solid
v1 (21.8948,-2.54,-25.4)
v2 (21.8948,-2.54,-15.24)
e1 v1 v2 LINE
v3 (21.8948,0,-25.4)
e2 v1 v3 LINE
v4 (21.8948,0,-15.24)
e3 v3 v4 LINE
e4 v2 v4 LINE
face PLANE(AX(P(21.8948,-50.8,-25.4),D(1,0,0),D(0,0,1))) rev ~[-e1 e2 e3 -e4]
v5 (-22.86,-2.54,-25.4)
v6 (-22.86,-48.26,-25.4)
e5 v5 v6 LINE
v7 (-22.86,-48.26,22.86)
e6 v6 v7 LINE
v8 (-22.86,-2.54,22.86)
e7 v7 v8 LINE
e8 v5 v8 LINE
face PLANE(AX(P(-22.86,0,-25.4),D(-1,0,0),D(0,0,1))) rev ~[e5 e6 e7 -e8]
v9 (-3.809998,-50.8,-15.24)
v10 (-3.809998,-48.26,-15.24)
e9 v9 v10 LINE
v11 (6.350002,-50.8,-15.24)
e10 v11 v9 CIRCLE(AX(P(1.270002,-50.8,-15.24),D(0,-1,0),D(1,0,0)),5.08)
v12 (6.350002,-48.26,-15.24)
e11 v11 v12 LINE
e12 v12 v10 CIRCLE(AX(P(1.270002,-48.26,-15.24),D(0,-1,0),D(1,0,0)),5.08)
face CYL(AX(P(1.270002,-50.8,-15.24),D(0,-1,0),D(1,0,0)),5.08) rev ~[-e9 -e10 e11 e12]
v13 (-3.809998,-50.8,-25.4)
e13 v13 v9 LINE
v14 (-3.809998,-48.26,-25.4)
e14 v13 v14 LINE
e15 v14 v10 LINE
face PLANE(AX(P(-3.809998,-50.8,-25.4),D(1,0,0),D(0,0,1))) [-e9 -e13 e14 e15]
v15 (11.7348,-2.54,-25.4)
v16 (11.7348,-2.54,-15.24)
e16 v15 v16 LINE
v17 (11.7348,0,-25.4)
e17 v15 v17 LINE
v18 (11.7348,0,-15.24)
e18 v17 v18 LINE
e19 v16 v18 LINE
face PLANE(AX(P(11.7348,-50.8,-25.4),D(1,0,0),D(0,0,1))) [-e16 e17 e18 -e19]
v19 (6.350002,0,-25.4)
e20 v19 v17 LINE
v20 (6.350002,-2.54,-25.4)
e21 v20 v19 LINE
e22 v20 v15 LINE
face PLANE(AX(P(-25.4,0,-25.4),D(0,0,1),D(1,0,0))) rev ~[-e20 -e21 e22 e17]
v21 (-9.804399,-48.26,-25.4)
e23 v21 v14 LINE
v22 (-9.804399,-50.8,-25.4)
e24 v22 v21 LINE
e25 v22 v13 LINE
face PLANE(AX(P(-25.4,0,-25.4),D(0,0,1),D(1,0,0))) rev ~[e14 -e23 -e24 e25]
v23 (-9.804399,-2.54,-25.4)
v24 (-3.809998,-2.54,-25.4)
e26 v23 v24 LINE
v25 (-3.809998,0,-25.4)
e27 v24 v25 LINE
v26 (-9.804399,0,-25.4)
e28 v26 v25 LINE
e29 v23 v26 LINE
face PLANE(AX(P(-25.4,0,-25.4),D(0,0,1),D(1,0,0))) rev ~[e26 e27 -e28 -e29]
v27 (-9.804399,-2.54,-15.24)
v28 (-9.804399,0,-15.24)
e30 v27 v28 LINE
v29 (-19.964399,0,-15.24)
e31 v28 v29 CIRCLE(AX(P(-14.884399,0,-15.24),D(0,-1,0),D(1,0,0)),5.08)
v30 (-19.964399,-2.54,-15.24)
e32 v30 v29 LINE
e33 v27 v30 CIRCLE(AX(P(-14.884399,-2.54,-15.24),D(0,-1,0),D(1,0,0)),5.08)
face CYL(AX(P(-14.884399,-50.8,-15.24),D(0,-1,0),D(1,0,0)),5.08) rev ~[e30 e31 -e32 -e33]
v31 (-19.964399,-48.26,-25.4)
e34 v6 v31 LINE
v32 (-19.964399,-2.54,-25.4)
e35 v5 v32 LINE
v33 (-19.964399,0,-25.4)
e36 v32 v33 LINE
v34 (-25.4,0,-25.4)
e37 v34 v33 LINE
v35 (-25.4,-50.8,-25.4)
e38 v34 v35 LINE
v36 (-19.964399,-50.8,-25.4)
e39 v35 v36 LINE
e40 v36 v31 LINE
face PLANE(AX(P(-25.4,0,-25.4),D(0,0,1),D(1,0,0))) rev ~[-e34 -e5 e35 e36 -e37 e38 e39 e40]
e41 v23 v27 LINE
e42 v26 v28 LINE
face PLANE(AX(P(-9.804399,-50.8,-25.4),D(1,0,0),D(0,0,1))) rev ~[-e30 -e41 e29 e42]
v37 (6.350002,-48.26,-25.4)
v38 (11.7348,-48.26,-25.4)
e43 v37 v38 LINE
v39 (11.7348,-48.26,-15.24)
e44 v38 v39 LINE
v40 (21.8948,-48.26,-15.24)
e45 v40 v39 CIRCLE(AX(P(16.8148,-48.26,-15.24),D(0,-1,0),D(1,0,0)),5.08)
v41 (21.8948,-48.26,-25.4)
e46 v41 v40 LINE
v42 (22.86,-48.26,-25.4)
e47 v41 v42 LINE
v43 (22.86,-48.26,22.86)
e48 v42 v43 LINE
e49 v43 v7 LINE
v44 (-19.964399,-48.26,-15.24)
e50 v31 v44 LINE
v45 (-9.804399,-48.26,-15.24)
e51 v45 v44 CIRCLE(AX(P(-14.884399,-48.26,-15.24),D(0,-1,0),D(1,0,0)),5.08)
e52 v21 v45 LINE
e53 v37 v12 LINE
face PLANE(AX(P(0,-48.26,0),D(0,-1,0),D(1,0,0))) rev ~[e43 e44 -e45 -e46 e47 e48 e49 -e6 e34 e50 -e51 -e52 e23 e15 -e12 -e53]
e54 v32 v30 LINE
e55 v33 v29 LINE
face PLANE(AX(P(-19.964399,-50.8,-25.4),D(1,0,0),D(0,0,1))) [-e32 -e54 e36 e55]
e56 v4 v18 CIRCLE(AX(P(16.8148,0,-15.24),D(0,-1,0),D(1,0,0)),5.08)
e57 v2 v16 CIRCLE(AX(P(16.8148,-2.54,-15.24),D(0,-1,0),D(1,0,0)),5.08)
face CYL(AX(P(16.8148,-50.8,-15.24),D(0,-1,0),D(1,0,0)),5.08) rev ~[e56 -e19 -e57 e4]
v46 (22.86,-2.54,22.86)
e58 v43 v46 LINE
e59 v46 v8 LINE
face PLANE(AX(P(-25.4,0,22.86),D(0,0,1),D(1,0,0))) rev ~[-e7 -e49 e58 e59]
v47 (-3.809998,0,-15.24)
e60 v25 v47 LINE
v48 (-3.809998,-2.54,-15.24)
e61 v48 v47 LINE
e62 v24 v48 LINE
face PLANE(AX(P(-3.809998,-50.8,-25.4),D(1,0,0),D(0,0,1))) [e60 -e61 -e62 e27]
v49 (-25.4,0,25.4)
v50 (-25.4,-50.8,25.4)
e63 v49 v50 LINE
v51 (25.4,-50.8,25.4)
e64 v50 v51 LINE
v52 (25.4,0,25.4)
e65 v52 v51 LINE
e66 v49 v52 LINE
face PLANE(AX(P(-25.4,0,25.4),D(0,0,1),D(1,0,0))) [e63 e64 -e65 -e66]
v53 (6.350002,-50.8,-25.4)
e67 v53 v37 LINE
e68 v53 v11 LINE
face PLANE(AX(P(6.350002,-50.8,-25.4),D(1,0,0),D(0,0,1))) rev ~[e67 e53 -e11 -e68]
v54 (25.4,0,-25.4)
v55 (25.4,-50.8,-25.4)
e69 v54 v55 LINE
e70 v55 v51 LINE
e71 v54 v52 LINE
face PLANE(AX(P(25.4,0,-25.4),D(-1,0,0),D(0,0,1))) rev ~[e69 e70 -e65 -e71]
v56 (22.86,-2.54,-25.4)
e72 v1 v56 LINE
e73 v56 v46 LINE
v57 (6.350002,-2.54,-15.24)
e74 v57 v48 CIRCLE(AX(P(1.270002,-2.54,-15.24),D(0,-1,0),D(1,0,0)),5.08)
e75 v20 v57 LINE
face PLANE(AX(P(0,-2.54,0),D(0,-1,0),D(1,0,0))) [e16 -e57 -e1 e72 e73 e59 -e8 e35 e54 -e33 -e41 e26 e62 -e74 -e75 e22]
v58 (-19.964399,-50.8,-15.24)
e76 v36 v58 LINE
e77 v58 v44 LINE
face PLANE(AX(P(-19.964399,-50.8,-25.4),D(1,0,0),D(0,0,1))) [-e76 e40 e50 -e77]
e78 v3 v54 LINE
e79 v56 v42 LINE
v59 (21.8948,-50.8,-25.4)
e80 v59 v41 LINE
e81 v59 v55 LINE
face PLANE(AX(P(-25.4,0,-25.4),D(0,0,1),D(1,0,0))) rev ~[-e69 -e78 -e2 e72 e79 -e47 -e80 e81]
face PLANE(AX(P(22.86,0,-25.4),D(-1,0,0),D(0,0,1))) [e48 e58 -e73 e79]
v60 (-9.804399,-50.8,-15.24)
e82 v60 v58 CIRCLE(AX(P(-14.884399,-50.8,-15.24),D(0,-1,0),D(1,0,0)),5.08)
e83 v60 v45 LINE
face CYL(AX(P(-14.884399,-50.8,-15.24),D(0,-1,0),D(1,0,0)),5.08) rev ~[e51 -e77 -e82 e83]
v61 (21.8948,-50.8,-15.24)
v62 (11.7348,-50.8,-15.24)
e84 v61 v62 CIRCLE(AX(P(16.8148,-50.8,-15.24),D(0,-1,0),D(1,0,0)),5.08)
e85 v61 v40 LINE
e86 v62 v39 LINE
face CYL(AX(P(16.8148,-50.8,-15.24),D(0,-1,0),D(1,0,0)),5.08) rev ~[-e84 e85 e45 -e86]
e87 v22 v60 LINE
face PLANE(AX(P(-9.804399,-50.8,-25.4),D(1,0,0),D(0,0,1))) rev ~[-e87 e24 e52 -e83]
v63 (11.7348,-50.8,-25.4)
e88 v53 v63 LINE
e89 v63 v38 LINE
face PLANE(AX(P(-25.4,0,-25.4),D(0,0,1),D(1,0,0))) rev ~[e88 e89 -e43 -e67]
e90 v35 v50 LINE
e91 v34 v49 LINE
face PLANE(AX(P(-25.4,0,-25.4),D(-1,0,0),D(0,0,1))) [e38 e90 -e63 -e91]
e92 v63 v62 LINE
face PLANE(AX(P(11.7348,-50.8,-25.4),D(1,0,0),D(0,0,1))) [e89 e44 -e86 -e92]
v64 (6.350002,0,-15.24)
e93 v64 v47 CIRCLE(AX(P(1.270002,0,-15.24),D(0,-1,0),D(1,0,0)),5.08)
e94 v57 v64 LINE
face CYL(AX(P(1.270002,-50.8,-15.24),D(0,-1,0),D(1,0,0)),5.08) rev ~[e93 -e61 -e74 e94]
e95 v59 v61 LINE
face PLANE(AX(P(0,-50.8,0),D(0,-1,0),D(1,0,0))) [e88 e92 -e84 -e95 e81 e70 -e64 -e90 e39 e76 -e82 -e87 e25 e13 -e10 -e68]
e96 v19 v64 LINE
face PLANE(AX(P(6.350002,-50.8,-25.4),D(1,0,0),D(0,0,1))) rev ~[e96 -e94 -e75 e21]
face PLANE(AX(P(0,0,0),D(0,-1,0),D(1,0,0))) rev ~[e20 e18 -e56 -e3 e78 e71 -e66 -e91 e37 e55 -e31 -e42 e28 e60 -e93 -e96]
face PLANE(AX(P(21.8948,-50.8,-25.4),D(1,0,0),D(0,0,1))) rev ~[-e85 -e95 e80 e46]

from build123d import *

# Parameters (mm, degrees)
F0_W     = 50.8
F0_H     = 50.8
F1_DEPTH = 50.8
F2_T     = -2.54
F3_W     = 10.16
F3_H     = 10.16
F4_DEPTH = 50.8


with BuildPart() as f1:
    # F0 (on Front) → F1 (new body)
    with BuildSketch(Plane.XZ):
        Rectangle(F0_W, F0_H)
    extrude(amount=F1_DEPTH)

    # F2
    f2_openings = [f1.faces().sort_by_distance(p)[0] for p in [
        (0, -25.4, -25.4),
    ]]
    offset(amount=F2_T, openings=f2_openings)

    # F3 (on face) → F4 (cut)
    with BuildSketch(Plane.XZ.offset(50.8)):
        with Locations((-14.884399, -20.32)):
            Rectangle(F3_W, F3_H)
        with BuildLine():
            ThreePointArc((-9.804399, -15.24), (-14.884399, -10.16), (-19.964399, -15.24))
            Line((-19.964399, -15.24), (-9.804399, -15.24))
        make_face()
        with Locations((1.270002, -20.32)):
            Rectangle(F3_W, F3_H)
        with BuildLine():
            ThreePointArc((6.350002, -15.24), (1.270002, -10.16), (-3.809998, -15.24))
            Line((-3.809998, -15.24), (6.350002, -15.24))
        make_face()
        with Locations((16.8148, -20.32)):
            Rectangle(F3_W, F3_H)
        with BuildLine():
            ThreePointArc((21.8948, -15.24), (16.8148, -10.16), (11.7348, -15.24))
            Line((11.7348, -15.24), (21.8948, -15.24))
        make_face()
    extrude(amount=-F4_DEPTH, mode=Mode.SUBTRACT)


solid = f1.part
